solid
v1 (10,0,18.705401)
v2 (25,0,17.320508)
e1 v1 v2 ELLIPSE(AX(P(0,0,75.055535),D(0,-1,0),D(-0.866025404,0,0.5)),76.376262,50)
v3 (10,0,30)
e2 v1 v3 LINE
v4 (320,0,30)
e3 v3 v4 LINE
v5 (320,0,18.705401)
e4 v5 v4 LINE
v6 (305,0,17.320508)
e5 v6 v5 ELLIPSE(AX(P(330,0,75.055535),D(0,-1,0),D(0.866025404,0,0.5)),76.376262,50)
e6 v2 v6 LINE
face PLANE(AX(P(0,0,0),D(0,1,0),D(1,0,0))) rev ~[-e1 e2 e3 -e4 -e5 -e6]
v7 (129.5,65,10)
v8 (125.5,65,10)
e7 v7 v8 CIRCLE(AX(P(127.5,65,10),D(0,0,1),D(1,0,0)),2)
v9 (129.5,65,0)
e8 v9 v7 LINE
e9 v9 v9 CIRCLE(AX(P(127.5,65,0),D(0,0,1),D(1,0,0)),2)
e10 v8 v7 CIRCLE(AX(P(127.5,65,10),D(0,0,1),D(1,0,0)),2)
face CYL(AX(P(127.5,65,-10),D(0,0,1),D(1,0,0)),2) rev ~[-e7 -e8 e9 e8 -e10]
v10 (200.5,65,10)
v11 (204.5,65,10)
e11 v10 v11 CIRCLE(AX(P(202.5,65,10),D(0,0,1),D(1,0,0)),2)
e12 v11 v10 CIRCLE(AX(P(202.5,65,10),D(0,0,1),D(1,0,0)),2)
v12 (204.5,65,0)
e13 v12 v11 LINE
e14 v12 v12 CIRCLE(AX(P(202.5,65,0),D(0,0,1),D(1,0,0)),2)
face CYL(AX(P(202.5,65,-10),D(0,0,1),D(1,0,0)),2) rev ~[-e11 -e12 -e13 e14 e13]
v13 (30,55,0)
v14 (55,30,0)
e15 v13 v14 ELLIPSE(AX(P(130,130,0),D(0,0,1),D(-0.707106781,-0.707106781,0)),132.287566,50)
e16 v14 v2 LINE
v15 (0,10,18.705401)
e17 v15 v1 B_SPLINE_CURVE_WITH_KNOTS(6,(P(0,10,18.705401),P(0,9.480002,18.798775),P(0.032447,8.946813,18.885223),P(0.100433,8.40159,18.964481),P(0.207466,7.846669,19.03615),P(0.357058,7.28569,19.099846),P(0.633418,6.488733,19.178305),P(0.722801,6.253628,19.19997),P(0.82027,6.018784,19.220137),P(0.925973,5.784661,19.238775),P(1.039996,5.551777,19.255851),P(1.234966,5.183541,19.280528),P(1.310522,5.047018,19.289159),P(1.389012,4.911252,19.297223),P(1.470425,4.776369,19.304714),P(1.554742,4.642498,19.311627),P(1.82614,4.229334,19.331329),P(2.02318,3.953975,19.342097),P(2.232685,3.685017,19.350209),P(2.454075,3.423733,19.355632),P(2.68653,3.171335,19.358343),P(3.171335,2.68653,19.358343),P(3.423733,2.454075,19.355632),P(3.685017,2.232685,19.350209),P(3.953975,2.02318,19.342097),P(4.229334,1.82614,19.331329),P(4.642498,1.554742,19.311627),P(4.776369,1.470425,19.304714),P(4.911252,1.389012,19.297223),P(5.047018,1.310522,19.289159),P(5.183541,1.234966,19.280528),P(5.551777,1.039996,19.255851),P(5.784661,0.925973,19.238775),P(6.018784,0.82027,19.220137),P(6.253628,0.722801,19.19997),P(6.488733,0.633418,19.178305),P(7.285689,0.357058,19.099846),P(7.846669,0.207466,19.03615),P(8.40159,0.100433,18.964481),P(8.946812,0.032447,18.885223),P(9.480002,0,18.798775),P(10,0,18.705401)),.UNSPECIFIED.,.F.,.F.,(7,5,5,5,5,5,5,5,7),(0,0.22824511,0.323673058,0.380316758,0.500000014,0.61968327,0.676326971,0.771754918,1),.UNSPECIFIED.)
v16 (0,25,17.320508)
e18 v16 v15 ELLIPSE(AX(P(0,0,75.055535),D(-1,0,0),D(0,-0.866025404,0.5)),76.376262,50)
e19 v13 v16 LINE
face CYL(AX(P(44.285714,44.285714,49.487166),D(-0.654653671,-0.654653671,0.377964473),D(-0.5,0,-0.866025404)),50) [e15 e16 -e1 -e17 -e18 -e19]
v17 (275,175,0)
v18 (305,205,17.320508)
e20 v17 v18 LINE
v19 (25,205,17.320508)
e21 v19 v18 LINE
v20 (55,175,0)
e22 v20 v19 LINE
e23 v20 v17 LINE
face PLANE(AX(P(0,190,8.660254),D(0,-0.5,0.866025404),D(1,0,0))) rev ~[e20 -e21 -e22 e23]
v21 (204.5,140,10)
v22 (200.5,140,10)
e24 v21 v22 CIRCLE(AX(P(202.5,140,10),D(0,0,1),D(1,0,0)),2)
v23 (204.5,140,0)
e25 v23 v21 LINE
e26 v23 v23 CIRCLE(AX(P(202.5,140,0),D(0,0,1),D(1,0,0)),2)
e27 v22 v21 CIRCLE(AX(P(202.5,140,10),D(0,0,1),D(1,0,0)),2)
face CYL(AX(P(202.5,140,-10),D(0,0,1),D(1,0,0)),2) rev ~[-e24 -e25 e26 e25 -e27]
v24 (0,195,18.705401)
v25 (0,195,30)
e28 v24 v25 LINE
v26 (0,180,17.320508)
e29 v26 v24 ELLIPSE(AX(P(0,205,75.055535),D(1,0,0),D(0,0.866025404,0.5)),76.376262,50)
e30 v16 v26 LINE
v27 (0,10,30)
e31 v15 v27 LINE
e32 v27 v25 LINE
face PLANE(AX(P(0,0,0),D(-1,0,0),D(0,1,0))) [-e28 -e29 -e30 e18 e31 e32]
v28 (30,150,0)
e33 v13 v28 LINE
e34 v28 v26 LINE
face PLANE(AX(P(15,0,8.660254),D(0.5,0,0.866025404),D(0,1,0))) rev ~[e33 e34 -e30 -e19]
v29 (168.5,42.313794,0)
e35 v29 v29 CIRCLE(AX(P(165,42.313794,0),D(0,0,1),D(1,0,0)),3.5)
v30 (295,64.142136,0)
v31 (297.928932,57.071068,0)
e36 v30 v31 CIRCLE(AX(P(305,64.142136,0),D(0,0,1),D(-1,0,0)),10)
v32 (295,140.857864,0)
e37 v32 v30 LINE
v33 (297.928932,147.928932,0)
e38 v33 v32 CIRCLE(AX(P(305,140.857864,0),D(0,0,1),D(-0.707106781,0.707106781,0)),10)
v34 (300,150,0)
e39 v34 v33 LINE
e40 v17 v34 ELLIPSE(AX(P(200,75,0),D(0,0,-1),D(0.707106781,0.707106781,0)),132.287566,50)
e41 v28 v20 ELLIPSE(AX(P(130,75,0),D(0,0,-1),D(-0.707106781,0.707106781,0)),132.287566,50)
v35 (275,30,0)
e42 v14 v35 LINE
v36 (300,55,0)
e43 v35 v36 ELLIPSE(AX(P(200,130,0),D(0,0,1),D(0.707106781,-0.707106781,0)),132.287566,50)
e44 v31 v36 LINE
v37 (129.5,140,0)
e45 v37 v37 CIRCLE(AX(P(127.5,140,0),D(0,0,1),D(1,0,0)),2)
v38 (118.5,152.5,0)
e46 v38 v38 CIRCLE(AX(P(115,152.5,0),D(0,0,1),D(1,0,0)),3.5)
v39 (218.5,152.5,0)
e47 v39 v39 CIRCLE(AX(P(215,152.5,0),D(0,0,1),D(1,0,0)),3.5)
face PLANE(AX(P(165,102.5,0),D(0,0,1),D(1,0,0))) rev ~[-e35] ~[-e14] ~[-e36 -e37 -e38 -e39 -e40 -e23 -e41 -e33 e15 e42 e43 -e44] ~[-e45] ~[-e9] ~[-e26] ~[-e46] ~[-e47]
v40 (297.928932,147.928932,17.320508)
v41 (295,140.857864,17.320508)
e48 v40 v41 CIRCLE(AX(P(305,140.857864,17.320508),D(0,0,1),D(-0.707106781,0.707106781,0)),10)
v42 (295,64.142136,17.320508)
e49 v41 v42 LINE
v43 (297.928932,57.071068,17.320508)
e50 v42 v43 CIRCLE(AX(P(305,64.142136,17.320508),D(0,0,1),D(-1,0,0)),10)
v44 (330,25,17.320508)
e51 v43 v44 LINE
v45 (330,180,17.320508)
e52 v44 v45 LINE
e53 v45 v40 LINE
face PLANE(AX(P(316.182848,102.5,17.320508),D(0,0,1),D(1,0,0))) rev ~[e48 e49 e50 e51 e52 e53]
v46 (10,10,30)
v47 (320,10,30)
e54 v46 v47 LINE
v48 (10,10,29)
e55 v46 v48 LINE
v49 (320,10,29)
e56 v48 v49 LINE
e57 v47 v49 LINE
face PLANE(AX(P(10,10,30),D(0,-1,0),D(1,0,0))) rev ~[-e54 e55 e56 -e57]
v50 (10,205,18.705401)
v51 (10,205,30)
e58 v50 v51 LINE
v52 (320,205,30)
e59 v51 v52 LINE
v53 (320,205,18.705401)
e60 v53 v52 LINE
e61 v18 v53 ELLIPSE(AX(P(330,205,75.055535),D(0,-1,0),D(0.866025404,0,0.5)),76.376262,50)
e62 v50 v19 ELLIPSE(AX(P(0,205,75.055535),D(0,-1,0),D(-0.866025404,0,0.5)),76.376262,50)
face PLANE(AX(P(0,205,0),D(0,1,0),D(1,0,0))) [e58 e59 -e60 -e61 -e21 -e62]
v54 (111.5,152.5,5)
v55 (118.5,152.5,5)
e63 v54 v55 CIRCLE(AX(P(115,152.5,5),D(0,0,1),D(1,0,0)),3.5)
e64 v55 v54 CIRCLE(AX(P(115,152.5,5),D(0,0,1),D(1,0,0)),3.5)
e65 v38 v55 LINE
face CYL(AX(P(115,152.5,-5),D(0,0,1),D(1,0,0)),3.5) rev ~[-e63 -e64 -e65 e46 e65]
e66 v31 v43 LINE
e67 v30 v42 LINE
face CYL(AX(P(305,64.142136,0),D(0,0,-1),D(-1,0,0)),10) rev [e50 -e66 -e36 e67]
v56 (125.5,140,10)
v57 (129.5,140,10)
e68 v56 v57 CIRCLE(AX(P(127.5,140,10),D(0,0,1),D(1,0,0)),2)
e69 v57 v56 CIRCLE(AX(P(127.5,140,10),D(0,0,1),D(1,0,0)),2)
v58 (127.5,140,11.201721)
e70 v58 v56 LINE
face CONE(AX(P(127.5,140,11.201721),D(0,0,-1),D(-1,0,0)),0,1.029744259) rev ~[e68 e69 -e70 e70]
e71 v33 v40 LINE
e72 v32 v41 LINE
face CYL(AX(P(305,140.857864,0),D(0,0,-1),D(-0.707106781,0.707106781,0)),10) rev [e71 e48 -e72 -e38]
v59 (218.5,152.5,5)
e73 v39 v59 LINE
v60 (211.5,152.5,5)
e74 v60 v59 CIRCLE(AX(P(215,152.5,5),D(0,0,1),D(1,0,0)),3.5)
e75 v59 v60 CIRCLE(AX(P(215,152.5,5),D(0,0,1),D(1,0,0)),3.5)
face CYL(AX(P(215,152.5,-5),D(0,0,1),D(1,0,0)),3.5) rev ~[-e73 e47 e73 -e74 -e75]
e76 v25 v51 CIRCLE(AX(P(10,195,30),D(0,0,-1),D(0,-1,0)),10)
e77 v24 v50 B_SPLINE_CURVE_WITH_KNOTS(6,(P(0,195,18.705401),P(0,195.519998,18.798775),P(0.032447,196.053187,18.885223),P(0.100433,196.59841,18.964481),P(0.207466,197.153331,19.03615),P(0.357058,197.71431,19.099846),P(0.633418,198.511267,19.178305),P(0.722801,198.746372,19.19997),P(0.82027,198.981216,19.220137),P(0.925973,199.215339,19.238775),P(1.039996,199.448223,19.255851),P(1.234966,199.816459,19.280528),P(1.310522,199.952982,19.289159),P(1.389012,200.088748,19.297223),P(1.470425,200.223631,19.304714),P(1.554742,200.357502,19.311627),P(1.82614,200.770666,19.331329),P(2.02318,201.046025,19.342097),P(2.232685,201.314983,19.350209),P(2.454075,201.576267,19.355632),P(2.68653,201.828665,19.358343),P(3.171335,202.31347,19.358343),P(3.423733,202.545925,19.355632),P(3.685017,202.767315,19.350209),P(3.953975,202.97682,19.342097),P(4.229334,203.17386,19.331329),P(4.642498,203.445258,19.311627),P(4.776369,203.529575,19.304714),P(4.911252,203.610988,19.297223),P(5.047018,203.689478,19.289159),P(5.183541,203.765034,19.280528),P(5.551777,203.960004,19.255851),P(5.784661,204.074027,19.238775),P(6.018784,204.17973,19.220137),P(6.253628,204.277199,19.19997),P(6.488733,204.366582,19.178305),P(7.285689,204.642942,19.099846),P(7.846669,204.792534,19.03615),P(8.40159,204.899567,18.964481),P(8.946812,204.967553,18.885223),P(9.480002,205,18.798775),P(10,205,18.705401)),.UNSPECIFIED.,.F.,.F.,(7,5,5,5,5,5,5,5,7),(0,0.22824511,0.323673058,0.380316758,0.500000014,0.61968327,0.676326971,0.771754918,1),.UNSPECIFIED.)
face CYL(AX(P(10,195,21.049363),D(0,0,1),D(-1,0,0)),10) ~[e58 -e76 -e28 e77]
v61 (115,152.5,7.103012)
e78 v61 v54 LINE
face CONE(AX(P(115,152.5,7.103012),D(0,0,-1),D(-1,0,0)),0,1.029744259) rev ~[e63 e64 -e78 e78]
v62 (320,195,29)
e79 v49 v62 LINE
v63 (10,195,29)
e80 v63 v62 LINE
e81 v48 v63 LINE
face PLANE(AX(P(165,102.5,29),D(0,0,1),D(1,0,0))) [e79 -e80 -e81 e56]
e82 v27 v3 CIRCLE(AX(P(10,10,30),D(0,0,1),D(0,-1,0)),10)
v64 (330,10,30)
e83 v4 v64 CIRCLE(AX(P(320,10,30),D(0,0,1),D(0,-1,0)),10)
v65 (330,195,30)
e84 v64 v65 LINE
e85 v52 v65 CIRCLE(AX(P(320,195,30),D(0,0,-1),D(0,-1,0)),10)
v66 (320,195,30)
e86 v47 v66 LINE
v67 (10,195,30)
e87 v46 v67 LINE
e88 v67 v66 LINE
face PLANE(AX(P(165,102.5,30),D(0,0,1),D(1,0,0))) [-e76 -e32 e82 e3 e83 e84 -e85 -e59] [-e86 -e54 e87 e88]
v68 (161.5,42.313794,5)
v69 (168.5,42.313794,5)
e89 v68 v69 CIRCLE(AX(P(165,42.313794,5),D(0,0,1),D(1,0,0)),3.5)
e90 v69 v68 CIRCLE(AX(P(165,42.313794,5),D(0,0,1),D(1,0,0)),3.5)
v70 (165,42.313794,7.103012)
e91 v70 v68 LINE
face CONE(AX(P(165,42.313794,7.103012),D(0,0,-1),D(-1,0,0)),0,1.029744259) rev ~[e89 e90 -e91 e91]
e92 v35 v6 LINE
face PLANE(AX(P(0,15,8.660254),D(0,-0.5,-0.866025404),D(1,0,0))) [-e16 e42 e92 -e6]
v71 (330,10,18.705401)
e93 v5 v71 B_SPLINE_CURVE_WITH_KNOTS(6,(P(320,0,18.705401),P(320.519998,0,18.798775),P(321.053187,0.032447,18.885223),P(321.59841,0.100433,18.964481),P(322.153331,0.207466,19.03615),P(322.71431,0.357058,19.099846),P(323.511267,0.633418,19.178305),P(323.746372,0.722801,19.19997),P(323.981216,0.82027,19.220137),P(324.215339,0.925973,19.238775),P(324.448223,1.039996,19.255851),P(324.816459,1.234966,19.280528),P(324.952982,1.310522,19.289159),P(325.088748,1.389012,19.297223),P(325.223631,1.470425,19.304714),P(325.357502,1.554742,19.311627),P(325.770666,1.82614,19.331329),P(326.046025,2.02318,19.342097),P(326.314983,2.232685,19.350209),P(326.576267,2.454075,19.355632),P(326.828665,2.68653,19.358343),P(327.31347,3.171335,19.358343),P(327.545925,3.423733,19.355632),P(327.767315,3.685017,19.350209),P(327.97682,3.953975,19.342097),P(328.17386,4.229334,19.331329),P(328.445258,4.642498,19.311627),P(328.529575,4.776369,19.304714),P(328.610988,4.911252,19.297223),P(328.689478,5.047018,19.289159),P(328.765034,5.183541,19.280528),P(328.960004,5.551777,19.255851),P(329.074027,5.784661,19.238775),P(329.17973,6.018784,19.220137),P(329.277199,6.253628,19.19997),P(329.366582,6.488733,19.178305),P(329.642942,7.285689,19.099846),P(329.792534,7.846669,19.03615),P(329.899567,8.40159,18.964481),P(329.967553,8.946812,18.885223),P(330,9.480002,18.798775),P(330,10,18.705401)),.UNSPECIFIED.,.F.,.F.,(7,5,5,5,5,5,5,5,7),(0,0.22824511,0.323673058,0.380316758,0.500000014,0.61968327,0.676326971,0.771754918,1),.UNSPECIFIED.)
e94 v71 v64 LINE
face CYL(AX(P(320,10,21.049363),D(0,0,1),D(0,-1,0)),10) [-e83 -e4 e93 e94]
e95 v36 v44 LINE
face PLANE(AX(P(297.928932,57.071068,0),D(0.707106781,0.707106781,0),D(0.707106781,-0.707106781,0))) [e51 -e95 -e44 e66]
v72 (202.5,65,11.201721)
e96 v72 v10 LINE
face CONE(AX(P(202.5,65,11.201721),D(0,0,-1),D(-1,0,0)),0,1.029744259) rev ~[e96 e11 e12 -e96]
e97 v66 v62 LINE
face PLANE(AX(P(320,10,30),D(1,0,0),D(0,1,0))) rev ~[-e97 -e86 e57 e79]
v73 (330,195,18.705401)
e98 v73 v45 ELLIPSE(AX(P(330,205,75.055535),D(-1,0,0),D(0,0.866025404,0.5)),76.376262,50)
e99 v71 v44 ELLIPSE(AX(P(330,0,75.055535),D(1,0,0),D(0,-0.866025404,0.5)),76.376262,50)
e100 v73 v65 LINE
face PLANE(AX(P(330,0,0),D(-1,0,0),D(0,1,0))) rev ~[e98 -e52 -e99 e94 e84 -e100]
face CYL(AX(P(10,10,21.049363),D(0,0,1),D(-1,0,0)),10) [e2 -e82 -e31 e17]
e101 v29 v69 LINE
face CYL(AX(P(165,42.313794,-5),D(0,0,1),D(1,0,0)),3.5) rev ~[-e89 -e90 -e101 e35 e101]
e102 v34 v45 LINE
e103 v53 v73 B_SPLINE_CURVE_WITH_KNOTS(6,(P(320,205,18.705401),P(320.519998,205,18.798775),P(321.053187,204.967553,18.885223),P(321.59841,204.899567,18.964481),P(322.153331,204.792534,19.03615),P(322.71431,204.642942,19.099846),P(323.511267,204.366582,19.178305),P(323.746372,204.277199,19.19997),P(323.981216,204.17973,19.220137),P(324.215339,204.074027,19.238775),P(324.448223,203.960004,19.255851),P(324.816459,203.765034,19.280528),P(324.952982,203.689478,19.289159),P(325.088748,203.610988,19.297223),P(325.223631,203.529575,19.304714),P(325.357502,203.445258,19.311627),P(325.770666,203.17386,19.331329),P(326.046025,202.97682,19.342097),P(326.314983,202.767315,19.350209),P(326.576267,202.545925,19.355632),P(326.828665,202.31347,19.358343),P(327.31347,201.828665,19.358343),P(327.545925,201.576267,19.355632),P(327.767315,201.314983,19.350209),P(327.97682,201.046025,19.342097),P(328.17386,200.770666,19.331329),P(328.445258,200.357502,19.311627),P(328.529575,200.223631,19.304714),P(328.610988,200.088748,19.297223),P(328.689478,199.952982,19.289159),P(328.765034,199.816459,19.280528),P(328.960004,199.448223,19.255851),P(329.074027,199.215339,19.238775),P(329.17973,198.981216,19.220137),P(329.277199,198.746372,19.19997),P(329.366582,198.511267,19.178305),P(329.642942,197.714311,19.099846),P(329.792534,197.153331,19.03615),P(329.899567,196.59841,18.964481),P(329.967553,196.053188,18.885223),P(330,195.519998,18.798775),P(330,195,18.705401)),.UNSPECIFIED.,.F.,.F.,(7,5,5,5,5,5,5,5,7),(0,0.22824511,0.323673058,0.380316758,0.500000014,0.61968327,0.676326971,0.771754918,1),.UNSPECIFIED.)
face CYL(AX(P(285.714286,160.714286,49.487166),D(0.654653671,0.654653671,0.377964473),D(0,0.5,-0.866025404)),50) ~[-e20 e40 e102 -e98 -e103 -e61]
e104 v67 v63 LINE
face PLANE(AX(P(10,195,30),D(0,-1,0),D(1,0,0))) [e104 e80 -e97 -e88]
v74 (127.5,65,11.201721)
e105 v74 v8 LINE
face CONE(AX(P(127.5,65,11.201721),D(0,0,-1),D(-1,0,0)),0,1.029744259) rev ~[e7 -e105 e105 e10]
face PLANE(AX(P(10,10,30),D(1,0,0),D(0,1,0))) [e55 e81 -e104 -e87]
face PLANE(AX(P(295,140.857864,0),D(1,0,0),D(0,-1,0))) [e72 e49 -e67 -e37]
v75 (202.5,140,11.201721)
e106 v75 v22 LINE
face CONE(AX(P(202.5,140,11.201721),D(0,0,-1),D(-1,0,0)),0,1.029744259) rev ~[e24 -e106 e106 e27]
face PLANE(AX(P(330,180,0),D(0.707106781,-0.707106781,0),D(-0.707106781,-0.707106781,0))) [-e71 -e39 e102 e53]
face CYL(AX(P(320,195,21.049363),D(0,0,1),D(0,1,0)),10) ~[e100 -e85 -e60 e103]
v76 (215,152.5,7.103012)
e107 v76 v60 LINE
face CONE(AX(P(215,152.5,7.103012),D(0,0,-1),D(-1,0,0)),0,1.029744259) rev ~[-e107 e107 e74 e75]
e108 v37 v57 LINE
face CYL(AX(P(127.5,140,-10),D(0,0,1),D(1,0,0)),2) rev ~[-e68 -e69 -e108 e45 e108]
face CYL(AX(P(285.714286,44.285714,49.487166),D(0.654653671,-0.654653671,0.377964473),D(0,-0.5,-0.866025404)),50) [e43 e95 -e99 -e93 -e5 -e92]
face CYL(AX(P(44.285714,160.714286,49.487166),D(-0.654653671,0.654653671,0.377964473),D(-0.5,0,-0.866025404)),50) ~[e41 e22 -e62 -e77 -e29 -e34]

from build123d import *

# Parameters (mm, degrees)
ESQUISSE1_W             = 330
ESQUISSE1_H             = 205
BOSS_EXTRU_1_DEPTH      = 30
CHANFREIN1_SIZE         = 30
CHANFREIN1_SIZE2        = 17.320508076
CONG_1_R                = 50
CONG_3_R                = 10
ESQUISSE2_W             = 310
ESQUISSE2_H             = 185
ENL_V_MAT_EXTRU_1_DEPTH = 1
D_GAGEMENT_M42_D        = 4
D_GAGEMENT_M42_DEPTH    = 10
D_GAGEMENT_M42_TIP      = 1.201721238
D_GAGEMENT_M71_D        = 7
D_GAGEMENT_M71_DEPTH    = 5
D_GAGEMENT_M71_TIP      = 2.103012167
ENL_V_MAT_EXTRU_2_DEPTH = 17.320508


with BuildPart() as part:
    # Esquisse1 → Boss.-Extru.1 (new body)
    with BuildSketch(Plane.XY):
        with Locations((165, 102.5)):
            Rectangle(ESQUISSE1_W, ESQUISSE1_H)
    extrude(amount=BOSS_EXTRU_1_DEPTH)

    # Chanfrein1
    chanfrein1_edges = [part.edges().sort_by_distance(p)[0] for p in [
        (165, 205, 0),
        (330, 102.5, 0),
        (165, 0, 0),
        (0, 102.5, 0),
    ]]
    chanfrein1_side = [part.faces().sort_by_distance(p)[0] for p in [
        (165, 102.5, 0),
    ]]
    chamfer(chanfrein1_edges, length=CHANFREIN1_SIZE, length2=CHANFREIN1_SIZE2, reference=chanfrein1_side[0])

    # Congé1
    cong_1_edges = [part.edges().sort_by_distance(p)[0] for p in [
        (315, 15, 8.660254038),
        (15, 15, 8.660254038),
        (315, 190, 8.660254038),
        (15, 190, 8.660254038),
    ]]
    fillet(cong_1_edges, radius=CONG_1_R)

    # Congé3
    cong_3_edges = [part.edges().sort_by_distance(p)[0] for p in [
        (0, 205, 25.524681254),
        (330, 205, 25.524681254),
        (330, 0, 25.524681254),
        (0, 0, 25.524681254),
    ]]
    fillet(cong_3_edges, radius=CONG_3_R)

    # Esquisse2 → Enlèv. mat.-Extru.1 (cut)
    with BuildSketch(Plane.XY.offset(30)):
        with Locations((165, 102.5)):
            Rectangle(ESQUISSE2_W, ESQUISSE2_H)
    extrude(amount=-ENL_V_MAT_EXTRU_1_DEPTH, mode=Mode.SUBTRACT)

    # Dégagement M42
    with Locations(Plane(origin=(0, 0, 0), x_dir=(-1, 0, 0), z_dir=(0, 0, -1))):
        with Locations((-202.5, 65), (-127.5, 140), (-127.5, 65), (-202.5, 140)):
            Hole(D_GAGEMENT_M42_D / 2, depth=D_GAGEMENT_M42_DEPTH)
            with Locations((0, 0, -(D_GAGEMENT_M42_DEPTH + D_GAGEMENT_M42_TIP / 2))):  # 118° drill point
                Cone(0, D_GAGEMENT_M42_D / 2, D_GAGEMENT_M42_TIP, mode=Mode.SUBTRACT)

    # Dégagement M71
    with Locations(Plane(origin=(0, 0, 0), x_dir=(-1, 0, 0), z_dir=(0, 0, -1))):
        with Locations((-215, 152.5), (-115, 152.5), (-165, 42.313793967)):
            Hole(D_GAGEMENT_M71_D / 2, depth=D_GAGEMENT_M71_DEPTH)
            with Locations((0, 0, -(D_GAGEMENT_M71_DEPTH + D_GAGEMENT_M71_TIP / 2))):  # 118° drill point
                Cone(0, D_GAGEMENT_M71_D / 2, D_GAGEMENT_M71_TIP, mode=Mode.SUBTRACT)

    # Esquisse9 → Enlèv. mat.-Extru.2 (cut)
    with BuildSketch(Plane(origin=(0, 0, 0), x_dir=(-1, 0, 0), z_dir=(0, 0, -1))):
        with BuildLine():
            Line((-330, 180), (-297.928932188, 147.928932188))
            ThreePointArc((-297.928932188, 147.928932188), (-295.761204675, 144.6846987), (-295, 140.857864376))
            Line((-295, 140.857864376), (-295, 64.142135624))
            ThreePointArc((-295, 64.142135624), (-295.761204675, 60.3153013), (-297.928932188, 57.071067812))
            Line((-297.928932188, 57.071067812), (-330, 25))
            Line((-330, 25), (-330, 180))
        make_face()
    extrude(amount=-ENL_V_MAT_EXTRU_2_DEPTH, mode=Mode.SUBTRACT)


solid = part.part
